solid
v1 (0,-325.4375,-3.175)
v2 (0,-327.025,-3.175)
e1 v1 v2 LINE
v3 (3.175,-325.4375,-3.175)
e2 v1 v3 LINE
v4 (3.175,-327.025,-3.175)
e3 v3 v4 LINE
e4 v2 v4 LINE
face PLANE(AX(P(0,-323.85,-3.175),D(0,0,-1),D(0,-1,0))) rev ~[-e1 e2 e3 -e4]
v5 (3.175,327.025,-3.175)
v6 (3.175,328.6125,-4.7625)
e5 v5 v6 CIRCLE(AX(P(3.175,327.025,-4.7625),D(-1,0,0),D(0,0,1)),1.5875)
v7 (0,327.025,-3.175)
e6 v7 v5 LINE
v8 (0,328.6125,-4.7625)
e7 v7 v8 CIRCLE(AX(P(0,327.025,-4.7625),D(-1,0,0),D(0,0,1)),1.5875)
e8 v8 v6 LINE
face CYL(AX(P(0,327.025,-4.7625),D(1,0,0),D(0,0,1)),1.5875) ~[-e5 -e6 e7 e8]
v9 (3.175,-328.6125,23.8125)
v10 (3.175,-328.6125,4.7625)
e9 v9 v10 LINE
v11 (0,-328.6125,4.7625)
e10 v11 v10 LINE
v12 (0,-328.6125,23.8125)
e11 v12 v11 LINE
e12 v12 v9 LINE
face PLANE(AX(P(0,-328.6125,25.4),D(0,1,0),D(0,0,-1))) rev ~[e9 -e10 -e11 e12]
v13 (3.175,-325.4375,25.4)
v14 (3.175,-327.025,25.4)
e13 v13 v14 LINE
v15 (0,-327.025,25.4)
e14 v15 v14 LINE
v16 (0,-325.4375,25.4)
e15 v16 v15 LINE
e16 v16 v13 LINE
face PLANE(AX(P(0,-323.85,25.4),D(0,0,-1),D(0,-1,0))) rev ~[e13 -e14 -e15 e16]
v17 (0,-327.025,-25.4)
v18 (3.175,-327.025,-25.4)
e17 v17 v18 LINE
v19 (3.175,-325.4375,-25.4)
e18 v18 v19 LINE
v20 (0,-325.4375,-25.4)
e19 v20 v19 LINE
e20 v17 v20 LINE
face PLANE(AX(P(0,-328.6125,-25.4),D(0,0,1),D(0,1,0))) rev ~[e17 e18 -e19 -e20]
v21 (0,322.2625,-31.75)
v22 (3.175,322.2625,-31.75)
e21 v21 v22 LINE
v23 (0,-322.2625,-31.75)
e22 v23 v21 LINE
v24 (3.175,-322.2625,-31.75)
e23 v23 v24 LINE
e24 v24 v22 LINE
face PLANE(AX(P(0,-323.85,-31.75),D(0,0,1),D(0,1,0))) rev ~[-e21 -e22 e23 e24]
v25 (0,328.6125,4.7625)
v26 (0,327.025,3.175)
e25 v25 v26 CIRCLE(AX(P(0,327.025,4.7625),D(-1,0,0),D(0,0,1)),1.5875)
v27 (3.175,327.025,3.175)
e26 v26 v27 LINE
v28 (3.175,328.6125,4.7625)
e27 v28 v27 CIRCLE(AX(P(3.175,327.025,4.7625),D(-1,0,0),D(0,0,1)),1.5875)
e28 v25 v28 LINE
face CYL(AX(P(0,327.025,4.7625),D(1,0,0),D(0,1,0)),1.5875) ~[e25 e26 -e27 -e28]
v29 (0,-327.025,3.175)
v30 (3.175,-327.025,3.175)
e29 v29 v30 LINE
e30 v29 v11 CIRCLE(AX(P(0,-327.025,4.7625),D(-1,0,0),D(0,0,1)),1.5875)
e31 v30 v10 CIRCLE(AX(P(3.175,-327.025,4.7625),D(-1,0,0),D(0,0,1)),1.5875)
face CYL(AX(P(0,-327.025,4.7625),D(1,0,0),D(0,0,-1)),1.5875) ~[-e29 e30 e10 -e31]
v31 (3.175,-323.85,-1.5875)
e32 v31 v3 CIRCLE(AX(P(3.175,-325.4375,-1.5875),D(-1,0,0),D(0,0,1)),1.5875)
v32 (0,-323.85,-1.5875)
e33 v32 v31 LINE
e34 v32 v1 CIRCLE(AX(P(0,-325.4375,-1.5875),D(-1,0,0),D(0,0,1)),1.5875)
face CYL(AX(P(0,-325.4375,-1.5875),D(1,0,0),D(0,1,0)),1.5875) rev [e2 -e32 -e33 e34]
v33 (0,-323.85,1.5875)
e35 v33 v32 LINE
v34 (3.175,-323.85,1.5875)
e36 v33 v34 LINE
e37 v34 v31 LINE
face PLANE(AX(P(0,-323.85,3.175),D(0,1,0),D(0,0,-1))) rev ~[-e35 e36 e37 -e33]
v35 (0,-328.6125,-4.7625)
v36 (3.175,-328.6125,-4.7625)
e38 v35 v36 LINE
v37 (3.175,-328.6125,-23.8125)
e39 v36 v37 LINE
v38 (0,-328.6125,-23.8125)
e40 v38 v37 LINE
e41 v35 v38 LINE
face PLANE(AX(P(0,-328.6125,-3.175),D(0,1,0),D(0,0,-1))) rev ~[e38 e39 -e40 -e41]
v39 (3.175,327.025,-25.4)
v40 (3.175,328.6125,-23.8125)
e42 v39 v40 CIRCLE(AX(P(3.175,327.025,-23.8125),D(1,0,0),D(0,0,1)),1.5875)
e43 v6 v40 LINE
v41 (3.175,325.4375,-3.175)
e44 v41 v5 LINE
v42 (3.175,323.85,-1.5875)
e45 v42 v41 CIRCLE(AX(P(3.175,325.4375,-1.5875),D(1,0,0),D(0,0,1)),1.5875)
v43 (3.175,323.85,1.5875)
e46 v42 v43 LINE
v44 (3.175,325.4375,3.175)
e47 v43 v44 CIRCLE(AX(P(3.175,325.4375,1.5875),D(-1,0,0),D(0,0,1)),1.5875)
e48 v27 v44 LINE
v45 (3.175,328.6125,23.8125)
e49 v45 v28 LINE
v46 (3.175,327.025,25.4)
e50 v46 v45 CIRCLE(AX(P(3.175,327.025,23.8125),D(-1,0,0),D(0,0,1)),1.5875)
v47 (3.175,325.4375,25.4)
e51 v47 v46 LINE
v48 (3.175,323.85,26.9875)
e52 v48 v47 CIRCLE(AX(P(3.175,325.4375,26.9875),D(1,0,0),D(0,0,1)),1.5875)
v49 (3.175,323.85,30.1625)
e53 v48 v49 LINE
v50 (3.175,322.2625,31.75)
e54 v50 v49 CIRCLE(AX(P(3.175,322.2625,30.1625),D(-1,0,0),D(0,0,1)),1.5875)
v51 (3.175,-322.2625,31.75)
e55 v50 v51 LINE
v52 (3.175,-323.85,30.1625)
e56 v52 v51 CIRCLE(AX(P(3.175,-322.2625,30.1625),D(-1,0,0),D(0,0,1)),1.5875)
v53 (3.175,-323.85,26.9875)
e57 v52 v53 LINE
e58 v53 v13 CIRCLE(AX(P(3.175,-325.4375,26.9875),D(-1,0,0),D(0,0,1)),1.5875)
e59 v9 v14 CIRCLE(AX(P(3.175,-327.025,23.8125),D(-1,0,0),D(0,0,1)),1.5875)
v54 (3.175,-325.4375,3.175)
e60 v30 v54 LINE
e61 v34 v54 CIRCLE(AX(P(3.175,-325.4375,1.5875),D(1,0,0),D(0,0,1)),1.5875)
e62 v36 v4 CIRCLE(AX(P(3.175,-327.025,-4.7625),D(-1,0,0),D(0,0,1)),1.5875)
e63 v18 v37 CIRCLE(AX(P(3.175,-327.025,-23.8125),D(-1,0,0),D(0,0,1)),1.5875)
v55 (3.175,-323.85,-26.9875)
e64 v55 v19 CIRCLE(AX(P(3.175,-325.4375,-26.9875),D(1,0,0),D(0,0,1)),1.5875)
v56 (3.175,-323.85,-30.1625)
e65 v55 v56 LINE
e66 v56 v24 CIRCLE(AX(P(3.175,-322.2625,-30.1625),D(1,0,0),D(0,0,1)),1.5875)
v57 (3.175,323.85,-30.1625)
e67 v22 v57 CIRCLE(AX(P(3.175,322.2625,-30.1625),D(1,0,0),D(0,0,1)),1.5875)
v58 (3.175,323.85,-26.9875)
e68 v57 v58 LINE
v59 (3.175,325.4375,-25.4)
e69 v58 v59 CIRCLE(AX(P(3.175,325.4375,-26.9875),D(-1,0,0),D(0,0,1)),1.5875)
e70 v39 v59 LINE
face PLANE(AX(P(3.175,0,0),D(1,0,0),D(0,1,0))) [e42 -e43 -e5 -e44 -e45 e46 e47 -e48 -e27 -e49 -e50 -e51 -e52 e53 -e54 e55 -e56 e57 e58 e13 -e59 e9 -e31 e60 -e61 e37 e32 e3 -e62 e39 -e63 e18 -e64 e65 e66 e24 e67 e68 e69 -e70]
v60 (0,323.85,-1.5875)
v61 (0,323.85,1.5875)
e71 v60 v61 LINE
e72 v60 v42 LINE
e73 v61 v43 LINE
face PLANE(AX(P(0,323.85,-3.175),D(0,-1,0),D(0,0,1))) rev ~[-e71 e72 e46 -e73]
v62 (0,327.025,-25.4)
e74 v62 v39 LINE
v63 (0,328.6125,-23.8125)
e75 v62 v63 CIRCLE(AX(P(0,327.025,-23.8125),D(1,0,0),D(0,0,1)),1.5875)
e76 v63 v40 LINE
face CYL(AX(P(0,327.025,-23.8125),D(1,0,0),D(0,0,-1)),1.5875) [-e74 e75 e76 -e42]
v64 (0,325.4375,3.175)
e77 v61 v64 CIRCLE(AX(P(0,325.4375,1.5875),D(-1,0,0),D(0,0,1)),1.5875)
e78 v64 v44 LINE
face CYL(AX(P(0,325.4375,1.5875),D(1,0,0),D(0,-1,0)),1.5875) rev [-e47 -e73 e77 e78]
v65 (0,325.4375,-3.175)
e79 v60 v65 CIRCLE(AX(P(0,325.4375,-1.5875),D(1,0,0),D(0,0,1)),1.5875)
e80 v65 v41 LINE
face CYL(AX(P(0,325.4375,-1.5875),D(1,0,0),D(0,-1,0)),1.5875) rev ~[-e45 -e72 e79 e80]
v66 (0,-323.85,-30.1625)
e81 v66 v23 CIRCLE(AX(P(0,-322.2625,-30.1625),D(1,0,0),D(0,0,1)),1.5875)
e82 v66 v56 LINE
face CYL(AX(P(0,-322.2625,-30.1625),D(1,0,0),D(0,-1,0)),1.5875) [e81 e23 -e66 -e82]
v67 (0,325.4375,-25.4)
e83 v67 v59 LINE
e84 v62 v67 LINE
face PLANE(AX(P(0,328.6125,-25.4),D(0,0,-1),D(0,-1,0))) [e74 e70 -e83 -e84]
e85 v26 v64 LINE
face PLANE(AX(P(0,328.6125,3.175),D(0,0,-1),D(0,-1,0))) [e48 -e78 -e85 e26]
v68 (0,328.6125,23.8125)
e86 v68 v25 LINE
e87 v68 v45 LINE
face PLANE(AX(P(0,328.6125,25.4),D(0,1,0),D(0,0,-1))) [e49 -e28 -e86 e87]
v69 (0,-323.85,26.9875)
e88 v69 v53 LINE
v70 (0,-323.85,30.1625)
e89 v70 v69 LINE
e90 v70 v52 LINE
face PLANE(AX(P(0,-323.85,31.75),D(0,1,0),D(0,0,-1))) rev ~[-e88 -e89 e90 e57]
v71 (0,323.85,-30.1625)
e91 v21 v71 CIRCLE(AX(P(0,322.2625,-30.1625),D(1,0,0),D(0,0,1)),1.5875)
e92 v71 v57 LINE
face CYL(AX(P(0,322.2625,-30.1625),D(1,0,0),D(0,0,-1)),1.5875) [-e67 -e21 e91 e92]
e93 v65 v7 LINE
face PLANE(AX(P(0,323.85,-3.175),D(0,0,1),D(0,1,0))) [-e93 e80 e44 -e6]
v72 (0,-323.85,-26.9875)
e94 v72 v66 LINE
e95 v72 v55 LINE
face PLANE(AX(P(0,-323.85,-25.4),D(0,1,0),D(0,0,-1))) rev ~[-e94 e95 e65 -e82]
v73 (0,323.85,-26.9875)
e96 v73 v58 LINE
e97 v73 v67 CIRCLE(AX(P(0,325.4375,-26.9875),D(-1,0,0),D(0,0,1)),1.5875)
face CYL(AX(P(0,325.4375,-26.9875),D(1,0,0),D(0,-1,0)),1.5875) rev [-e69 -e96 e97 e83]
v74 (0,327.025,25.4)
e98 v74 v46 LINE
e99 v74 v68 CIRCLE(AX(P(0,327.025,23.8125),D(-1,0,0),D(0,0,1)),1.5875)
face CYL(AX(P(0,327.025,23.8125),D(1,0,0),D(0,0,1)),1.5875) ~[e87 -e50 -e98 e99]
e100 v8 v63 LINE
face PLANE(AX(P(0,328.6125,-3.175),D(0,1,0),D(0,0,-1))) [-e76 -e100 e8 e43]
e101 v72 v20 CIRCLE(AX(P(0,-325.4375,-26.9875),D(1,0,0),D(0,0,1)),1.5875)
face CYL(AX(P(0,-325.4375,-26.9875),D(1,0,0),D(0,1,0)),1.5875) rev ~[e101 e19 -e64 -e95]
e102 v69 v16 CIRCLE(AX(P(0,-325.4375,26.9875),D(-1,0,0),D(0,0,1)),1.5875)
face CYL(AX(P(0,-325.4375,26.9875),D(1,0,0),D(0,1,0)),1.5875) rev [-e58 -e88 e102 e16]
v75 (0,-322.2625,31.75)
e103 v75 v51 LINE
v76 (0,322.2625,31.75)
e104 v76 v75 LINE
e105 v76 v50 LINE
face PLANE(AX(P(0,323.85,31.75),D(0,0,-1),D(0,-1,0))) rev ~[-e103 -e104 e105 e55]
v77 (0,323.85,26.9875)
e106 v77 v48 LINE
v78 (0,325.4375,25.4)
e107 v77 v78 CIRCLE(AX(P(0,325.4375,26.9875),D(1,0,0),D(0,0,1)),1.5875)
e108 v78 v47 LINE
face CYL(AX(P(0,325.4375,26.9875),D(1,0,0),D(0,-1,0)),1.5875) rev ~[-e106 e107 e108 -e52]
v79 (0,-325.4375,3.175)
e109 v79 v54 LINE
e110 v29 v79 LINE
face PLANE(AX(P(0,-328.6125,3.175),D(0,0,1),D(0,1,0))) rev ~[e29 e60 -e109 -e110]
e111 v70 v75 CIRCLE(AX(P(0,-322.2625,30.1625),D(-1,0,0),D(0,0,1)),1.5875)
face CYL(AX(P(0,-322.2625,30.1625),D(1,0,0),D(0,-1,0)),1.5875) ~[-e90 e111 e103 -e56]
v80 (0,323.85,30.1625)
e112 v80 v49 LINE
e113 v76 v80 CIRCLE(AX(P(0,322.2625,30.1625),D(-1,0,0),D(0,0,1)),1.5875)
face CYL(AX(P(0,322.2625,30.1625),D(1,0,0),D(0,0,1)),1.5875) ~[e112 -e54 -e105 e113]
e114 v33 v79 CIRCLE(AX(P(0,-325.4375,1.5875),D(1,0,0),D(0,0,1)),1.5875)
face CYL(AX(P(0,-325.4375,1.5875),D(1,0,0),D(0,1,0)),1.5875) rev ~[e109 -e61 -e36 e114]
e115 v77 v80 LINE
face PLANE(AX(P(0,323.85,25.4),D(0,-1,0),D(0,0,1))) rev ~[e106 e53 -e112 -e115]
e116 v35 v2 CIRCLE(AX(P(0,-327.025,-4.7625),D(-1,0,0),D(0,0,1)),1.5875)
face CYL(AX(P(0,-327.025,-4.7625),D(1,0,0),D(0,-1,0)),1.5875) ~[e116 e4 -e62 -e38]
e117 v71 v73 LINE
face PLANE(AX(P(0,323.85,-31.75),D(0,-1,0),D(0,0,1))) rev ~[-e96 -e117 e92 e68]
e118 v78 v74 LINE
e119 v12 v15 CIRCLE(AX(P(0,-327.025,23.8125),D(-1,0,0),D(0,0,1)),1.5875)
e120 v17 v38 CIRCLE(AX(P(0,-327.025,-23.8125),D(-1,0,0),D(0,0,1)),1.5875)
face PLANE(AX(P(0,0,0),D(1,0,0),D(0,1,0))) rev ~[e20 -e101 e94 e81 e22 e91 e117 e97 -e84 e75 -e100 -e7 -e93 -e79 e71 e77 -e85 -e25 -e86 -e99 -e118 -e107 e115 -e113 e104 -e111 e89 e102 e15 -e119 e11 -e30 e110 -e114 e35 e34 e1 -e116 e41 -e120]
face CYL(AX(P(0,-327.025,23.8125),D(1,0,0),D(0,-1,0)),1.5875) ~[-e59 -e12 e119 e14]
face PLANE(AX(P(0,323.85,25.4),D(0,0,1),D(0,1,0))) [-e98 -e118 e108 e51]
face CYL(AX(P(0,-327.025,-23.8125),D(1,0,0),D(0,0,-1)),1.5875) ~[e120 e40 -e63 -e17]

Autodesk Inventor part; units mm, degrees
ref_plane "YZ Plane" through (0, 0, 0) normal (1, 0, 0) x (0, 1, 0)
ref_plane "XZ Plane" through (0, 0, 0) normal (0, 1, 0) x (-1, 0, 0)
ref_plane "XY Plane" through (0, 0, 0) normal (0, 0, 1) x (1, 0, 0)
sketch "Sketch1" plane through (0, 0, 0) normal (1, 0, 0) x (0, 1, 0)
  line L0 (-323.85, -31.75) -> (323.85, -31.75)
  line L1 (323.85, -31.75) -> (323.85, 31.75)
  line L2 (323.85, 31.75) -> (-323.85, 31.75)
  line L3 (-323.85, 31.75) -> (-323.85, -31.75)
  line L4 (-323.85, -31.75) -> (323.85, 31.75) construction
  line L5 (323.85, -31.75) -> (-323.85, 31.75) construction
  line L6 (-323.85, 25.4) -> (-328.6125, 25.4)
  line L7 (-328.6125, 25.4) -> (-328.6125, -25.4)
  line L8 (-328.6125, -25.4) -> (-323.85, -25.4)
  line L9 (-323.85, -25.4) -> (-323.85, 25.4)
  line L10 (-328.6125, 3.175) -> (-323.85, 3.175)
  line L11 (-323.85, 3.175) -> (-323.85, -3.175)
  line L12 (-323.85, -3.175) -> (-328.6125, -3.175)
  line L13 (-328.6125, -3.175) -> (-328.6125, 3.175)
  line L14 (323.85, 25.4) -> (328.6125, 25.4)
  line L15 (328.6125, 25.4) -> (328.6125, -25.4)
  line L16 (328.6125, -25.4) -> (323.85, -25.4)
  line L17 (323.85, -25.4) -> (323.85, 25.4)
  line L18 (323.85, -3.175) -> (328.6125, -3.175)
  line L19 (328.6125, -3.175) -> (328.6125, 3.175)
  line L20 (328.6125, 3.175) -> (323.85, 3.175)
  line L21 (323.85, 3.175) -> (323.85, -3.175)
  point P0 (0, 0)
  point P1 (-328.6125, 0)
  point P2 (-326.2312, -3.175)
  point P3 (-326.2312, 3.175)
  point P4 (-323.85, 0)
  point P5 (328.6125, 0)
  point P6 (328.6125, 0)
  dimension "d0" = 647.7
  dimension "d1" = 63.5
  dimension "d2" = 50.8
  dimension "d3" = 4.7625
  dimension "d4" = 6.35
  dimension "d5" = 4.7625
  dimension "d6" = 50.8
  dimension "d7" = 6.35
extrude "Extrusion1" add sketch "Sketch1" along normal blind 3.175 contours L3 L2 L1 L0 | L8 L7 L12 L3 | L1 L18 L15 L16 | L10 L7 L6 L3 | L1 L14 L15 L20
fillet "Fillet1" radius 1.5875 20 edges at (1.5875, 323.85, 31.75) (1.5875, 323.85, 25.4) (1.5875, 328.6125, 25.4) (1.5875, 323.85, -3.175) (1.5875, 323.85, 3.175) (1.5875, 328.6125, 3.175) (1.5875, 328.6125, -3.175) (1.5875, 328.6125, -25.4) (1.5875, 323.85, -25.4) (1.5875, 323.85, -31.75) (1.5875, -323.85, 31.75) (1.5875, -323.85, 25.4) (1.5875, -328.6125, 25.4) (1.5875, -328.6125, 3.175) (1.5875, -323.85, 3.175) (1.5875, -328.6125, -3.175) (1.5875, -323.85, -3.175) (1.5875, -328.6125, -25.4) (1.5875, -323.85, -25.4) (1.5875, -323.85, -31.75)
equation "\"d2\" = d6"
properties part number "PLATE,TOP,BACK" material "Polycarbonate, Clear"
